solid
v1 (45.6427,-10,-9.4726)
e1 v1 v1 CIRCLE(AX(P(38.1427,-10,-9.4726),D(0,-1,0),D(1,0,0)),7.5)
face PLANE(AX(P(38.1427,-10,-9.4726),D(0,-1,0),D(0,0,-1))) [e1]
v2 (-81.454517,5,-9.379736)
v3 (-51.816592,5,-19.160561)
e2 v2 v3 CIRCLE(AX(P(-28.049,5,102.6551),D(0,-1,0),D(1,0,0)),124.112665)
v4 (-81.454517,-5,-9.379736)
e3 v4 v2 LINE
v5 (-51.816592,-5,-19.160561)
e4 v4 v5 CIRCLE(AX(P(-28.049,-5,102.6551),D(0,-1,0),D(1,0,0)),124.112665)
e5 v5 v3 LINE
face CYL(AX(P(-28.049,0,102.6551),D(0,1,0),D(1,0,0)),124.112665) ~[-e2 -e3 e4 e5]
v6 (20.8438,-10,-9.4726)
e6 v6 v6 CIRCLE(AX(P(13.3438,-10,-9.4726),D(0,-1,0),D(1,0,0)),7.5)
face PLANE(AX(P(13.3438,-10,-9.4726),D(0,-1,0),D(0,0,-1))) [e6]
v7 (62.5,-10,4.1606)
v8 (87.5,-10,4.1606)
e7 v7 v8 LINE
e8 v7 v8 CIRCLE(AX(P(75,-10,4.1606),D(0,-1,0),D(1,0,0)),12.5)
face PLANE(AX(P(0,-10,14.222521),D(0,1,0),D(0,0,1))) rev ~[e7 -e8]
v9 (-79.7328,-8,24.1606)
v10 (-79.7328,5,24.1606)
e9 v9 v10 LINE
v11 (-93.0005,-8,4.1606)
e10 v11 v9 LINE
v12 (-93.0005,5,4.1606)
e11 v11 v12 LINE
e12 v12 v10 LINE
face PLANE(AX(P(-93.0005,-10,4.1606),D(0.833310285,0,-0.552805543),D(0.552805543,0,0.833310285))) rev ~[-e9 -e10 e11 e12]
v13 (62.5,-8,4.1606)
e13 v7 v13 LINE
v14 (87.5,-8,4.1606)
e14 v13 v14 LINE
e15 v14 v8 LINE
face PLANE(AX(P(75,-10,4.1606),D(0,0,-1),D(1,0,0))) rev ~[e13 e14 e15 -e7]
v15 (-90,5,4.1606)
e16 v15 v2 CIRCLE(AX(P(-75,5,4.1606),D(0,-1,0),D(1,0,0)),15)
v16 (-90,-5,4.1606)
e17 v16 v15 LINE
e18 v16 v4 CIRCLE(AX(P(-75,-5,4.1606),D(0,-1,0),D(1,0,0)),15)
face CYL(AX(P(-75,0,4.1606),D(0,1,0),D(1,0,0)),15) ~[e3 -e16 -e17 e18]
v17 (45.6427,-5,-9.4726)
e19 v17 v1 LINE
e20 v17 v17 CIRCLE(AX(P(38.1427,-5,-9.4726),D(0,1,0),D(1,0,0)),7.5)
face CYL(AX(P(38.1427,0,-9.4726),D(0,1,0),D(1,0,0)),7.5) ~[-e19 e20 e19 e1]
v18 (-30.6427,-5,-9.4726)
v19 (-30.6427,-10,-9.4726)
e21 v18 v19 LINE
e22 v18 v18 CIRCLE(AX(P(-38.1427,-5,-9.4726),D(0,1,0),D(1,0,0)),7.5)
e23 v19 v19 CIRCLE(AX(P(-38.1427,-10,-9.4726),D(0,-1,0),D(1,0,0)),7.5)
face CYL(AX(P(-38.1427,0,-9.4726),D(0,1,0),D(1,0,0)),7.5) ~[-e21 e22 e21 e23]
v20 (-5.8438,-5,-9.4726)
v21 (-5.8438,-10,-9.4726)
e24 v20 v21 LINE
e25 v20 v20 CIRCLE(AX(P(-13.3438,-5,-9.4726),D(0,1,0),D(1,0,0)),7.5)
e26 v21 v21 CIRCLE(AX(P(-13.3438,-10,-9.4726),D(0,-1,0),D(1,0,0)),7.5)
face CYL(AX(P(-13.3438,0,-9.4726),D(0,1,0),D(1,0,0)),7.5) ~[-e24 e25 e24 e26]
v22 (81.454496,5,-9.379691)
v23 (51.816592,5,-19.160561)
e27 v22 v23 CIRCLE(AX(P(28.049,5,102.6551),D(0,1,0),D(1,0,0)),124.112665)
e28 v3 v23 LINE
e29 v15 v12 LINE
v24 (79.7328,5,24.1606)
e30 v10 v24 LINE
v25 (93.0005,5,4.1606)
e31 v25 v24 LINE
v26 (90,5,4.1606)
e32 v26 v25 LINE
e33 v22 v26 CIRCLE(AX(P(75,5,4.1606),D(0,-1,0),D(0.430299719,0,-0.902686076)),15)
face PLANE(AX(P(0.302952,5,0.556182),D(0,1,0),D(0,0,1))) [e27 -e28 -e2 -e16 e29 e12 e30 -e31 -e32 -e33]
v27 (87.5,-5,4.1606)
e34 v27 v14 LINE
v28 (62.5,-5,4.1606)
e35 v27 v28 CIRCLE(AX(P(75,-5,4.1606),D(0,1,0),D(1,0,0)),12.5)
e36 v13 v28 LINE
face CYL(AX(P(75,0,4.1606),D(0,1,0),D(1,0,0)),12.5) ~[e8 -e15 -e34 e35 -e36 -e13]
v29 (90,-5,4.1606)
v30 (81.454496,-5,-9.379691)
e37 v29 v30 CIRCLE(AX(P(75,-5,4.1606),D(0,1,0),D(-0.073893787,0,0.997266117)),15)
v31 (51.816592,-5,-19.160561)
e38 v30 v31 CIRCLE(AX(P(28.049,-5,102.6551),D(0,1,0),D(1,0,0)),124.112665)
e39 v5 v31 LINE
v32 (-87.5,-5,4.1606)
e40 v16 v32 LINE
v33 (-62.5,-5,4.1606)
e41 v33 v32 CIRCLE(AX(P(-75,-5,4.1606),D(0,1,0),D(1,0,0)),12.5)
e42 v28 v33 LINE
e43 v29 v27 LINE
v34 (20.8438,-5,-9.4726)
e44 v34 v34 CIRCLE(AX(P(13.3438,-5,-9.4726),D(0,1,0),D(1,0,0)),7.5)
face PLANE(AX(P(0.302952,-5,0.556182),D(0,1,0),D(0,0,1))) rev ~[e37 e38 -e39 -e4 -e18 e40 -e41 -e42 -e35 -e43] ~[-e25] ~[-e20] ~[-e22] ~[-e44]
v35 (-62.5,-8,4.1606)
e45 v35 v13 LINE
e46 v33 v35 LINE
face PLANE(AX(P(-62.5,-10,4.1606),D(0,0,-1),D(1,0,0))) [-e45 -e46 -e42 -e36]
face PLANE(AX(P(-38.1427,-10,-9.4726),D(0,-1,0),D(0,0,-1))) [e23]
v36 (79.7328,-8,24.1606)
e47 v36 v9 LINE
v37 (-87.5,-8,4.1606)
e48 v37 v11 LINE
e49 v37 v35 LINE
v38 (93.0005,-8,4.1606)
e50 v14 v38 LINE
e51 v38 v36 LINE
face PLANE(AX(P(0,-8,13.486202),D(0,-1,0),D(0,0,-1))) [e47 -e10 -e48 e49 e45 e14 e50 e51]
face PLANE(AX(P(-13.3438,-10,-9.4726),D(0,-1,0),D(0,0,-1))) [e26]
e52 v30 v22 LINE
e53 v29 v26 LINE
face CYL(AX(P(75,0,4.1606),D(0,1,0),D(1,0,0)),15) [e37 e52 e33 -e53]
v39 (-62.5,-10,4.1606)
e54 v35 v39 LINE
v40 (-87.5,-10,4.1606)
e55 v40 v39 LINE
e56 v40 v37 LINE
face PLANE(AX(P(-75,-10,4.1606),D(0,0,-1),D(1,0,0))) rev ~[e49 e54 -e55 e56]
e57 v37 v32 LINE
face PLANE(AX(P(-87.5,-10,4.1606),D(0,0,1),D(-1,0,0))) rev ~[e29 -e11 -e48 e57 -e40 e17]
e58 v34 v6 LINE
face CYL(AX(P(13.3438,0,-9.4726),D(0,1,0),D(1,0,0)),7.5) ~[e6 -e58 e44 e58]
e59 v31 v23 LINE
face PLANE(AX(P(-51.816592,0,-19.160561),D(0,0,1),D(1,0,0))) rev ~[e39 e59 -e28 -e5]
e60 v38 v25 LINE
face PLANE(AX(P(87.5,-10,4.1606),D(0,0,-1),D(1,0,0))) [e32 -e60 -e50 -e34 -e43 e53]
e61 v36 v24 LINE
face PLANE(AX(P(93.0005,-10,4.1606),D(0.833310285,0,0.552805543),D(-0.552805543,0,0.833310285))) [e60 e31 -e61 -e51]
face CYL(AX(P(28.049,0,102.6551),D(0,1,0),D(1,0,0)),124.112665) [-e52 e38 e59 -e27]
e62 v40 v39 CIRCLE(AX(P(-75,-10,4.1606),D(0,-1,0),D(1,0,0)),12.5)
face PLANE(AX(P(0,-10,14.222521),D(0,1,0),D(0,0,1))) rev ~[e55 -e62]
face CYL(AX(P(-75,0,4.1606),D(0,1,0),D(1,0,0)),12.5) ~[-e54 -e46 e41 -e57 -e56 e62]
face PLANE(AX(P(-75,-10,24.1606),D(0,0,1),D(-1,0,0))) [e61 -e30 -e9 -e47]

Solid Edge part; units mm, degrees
sketch "Sketch1" plane through (0, 0, 0) normal (0, -1, 0) x (1, 0, 0)
  arc A0 (87.9904, -3.3394) -> (81.4545, -9.3797) centre (75, 4.1606) cw
  arc A1 (81.4545, -9.3797) -> (51.8166, -19.1606) centre (28.049, 102.6551) cw
  line L0 (-51.8166, -19.1606) -> (51.8166, -19.1606)
  arc A2 (-81.4545, -9.3797) -> (-51.8166, -19.1606) centre (-28.049, 102.6551) ccw
  arc A3 (-73.8916, 19.1195) -> (-81.4545, -9.3797) centre (-75, 4.1606) ccw
  arc A4 (73.8916, 19.1195) -> (-73.8916, 19.1195) centre (0, 1016.3858) cw
  arc A5 (73.8916, 19.1195) -> (89.9997, 4.062) centre (75, 4.1606) cw
  arc A6 (87.9904, -3.3394) -> (89.9997, 4.062) centre (75, 4.1606) ccw
extrude "Protrusion1" add sketch "Sketch1" along normal mid plane 10
sketch "Sketch2" plane through (0, 0, 0) normal (0, -1, 0) x (1, 0, 0)
  circle A0 centre (-75, 4.1606) radius 12.5
  circle A1 centre (-38.1427, -9.4726) radius 7.5
  circle A2 centre (-13.3438, -9.4726) radius 7.5
  circle A3 centre (13.3438, -9.4726) radius 7.5
  circle A4 centre (38.1427, -9.4726) radius 7.5
  circle A5 centre (75, 4.1606) radius 12.5
extrude "ExtrudedProtrusion_2" add sketch "Sketch2" along normal blind 10
sketch "Sketch3" plane through (-75, -10, 4.1606) normal (0, -1, 0) x (1, 0, 0)
  arc A0 (162.5, 0) -> (137.5, 0) centre (150, 0) ccw
  line L0 (12.5, 0) -> (137.5, 0)
  arc A1 (-12.5, 0) -> (12.5, 0) centre (0, 0) cw
  line L1 (-12.5, 0) -> (-18.0005, 0)
  line L2 (-18.0005, 0) -> (-4.7328, 20)
  line L3 (0, 20) -> (-4.7328, 20)
  line L4 (150, 20) -> (0, 20)
  line L5 (150, 20) -> (154.7328, 20)
  line L6 (168.0005, 0) -> (154.7328, 20)
  line L7 (162.5, 0) -> (168.0005, 0)
extrude "Protrusion2" add sketch "Sketch3" against normal up to vertex (15 mm away)
sketch "Sketch4" plane through (-75, -10, 4.1606) normal (0, -1, 0) x (1, 0, 0)
  line L0 (0, 0) -> (150, 0)
  line L1 (150, 0) -> (168.0005, 0)
  line L2 (168.0005, 0) -> (154.7328, 20)
  line L3 (150, 20) -> (154.7328, 20)
  line L4 (150, 20) -> (0, 20)
  line L5 (0, 20) -> (-4.7328, 20)
  line L6 (-18.0005, 0) -> (-4.7328, 20)
  line L7 (0, 0) -> (-18.0005, 0)
extrude "ExtrudedCutout_2" cut sketch "Sketch4" against normal blind 2
